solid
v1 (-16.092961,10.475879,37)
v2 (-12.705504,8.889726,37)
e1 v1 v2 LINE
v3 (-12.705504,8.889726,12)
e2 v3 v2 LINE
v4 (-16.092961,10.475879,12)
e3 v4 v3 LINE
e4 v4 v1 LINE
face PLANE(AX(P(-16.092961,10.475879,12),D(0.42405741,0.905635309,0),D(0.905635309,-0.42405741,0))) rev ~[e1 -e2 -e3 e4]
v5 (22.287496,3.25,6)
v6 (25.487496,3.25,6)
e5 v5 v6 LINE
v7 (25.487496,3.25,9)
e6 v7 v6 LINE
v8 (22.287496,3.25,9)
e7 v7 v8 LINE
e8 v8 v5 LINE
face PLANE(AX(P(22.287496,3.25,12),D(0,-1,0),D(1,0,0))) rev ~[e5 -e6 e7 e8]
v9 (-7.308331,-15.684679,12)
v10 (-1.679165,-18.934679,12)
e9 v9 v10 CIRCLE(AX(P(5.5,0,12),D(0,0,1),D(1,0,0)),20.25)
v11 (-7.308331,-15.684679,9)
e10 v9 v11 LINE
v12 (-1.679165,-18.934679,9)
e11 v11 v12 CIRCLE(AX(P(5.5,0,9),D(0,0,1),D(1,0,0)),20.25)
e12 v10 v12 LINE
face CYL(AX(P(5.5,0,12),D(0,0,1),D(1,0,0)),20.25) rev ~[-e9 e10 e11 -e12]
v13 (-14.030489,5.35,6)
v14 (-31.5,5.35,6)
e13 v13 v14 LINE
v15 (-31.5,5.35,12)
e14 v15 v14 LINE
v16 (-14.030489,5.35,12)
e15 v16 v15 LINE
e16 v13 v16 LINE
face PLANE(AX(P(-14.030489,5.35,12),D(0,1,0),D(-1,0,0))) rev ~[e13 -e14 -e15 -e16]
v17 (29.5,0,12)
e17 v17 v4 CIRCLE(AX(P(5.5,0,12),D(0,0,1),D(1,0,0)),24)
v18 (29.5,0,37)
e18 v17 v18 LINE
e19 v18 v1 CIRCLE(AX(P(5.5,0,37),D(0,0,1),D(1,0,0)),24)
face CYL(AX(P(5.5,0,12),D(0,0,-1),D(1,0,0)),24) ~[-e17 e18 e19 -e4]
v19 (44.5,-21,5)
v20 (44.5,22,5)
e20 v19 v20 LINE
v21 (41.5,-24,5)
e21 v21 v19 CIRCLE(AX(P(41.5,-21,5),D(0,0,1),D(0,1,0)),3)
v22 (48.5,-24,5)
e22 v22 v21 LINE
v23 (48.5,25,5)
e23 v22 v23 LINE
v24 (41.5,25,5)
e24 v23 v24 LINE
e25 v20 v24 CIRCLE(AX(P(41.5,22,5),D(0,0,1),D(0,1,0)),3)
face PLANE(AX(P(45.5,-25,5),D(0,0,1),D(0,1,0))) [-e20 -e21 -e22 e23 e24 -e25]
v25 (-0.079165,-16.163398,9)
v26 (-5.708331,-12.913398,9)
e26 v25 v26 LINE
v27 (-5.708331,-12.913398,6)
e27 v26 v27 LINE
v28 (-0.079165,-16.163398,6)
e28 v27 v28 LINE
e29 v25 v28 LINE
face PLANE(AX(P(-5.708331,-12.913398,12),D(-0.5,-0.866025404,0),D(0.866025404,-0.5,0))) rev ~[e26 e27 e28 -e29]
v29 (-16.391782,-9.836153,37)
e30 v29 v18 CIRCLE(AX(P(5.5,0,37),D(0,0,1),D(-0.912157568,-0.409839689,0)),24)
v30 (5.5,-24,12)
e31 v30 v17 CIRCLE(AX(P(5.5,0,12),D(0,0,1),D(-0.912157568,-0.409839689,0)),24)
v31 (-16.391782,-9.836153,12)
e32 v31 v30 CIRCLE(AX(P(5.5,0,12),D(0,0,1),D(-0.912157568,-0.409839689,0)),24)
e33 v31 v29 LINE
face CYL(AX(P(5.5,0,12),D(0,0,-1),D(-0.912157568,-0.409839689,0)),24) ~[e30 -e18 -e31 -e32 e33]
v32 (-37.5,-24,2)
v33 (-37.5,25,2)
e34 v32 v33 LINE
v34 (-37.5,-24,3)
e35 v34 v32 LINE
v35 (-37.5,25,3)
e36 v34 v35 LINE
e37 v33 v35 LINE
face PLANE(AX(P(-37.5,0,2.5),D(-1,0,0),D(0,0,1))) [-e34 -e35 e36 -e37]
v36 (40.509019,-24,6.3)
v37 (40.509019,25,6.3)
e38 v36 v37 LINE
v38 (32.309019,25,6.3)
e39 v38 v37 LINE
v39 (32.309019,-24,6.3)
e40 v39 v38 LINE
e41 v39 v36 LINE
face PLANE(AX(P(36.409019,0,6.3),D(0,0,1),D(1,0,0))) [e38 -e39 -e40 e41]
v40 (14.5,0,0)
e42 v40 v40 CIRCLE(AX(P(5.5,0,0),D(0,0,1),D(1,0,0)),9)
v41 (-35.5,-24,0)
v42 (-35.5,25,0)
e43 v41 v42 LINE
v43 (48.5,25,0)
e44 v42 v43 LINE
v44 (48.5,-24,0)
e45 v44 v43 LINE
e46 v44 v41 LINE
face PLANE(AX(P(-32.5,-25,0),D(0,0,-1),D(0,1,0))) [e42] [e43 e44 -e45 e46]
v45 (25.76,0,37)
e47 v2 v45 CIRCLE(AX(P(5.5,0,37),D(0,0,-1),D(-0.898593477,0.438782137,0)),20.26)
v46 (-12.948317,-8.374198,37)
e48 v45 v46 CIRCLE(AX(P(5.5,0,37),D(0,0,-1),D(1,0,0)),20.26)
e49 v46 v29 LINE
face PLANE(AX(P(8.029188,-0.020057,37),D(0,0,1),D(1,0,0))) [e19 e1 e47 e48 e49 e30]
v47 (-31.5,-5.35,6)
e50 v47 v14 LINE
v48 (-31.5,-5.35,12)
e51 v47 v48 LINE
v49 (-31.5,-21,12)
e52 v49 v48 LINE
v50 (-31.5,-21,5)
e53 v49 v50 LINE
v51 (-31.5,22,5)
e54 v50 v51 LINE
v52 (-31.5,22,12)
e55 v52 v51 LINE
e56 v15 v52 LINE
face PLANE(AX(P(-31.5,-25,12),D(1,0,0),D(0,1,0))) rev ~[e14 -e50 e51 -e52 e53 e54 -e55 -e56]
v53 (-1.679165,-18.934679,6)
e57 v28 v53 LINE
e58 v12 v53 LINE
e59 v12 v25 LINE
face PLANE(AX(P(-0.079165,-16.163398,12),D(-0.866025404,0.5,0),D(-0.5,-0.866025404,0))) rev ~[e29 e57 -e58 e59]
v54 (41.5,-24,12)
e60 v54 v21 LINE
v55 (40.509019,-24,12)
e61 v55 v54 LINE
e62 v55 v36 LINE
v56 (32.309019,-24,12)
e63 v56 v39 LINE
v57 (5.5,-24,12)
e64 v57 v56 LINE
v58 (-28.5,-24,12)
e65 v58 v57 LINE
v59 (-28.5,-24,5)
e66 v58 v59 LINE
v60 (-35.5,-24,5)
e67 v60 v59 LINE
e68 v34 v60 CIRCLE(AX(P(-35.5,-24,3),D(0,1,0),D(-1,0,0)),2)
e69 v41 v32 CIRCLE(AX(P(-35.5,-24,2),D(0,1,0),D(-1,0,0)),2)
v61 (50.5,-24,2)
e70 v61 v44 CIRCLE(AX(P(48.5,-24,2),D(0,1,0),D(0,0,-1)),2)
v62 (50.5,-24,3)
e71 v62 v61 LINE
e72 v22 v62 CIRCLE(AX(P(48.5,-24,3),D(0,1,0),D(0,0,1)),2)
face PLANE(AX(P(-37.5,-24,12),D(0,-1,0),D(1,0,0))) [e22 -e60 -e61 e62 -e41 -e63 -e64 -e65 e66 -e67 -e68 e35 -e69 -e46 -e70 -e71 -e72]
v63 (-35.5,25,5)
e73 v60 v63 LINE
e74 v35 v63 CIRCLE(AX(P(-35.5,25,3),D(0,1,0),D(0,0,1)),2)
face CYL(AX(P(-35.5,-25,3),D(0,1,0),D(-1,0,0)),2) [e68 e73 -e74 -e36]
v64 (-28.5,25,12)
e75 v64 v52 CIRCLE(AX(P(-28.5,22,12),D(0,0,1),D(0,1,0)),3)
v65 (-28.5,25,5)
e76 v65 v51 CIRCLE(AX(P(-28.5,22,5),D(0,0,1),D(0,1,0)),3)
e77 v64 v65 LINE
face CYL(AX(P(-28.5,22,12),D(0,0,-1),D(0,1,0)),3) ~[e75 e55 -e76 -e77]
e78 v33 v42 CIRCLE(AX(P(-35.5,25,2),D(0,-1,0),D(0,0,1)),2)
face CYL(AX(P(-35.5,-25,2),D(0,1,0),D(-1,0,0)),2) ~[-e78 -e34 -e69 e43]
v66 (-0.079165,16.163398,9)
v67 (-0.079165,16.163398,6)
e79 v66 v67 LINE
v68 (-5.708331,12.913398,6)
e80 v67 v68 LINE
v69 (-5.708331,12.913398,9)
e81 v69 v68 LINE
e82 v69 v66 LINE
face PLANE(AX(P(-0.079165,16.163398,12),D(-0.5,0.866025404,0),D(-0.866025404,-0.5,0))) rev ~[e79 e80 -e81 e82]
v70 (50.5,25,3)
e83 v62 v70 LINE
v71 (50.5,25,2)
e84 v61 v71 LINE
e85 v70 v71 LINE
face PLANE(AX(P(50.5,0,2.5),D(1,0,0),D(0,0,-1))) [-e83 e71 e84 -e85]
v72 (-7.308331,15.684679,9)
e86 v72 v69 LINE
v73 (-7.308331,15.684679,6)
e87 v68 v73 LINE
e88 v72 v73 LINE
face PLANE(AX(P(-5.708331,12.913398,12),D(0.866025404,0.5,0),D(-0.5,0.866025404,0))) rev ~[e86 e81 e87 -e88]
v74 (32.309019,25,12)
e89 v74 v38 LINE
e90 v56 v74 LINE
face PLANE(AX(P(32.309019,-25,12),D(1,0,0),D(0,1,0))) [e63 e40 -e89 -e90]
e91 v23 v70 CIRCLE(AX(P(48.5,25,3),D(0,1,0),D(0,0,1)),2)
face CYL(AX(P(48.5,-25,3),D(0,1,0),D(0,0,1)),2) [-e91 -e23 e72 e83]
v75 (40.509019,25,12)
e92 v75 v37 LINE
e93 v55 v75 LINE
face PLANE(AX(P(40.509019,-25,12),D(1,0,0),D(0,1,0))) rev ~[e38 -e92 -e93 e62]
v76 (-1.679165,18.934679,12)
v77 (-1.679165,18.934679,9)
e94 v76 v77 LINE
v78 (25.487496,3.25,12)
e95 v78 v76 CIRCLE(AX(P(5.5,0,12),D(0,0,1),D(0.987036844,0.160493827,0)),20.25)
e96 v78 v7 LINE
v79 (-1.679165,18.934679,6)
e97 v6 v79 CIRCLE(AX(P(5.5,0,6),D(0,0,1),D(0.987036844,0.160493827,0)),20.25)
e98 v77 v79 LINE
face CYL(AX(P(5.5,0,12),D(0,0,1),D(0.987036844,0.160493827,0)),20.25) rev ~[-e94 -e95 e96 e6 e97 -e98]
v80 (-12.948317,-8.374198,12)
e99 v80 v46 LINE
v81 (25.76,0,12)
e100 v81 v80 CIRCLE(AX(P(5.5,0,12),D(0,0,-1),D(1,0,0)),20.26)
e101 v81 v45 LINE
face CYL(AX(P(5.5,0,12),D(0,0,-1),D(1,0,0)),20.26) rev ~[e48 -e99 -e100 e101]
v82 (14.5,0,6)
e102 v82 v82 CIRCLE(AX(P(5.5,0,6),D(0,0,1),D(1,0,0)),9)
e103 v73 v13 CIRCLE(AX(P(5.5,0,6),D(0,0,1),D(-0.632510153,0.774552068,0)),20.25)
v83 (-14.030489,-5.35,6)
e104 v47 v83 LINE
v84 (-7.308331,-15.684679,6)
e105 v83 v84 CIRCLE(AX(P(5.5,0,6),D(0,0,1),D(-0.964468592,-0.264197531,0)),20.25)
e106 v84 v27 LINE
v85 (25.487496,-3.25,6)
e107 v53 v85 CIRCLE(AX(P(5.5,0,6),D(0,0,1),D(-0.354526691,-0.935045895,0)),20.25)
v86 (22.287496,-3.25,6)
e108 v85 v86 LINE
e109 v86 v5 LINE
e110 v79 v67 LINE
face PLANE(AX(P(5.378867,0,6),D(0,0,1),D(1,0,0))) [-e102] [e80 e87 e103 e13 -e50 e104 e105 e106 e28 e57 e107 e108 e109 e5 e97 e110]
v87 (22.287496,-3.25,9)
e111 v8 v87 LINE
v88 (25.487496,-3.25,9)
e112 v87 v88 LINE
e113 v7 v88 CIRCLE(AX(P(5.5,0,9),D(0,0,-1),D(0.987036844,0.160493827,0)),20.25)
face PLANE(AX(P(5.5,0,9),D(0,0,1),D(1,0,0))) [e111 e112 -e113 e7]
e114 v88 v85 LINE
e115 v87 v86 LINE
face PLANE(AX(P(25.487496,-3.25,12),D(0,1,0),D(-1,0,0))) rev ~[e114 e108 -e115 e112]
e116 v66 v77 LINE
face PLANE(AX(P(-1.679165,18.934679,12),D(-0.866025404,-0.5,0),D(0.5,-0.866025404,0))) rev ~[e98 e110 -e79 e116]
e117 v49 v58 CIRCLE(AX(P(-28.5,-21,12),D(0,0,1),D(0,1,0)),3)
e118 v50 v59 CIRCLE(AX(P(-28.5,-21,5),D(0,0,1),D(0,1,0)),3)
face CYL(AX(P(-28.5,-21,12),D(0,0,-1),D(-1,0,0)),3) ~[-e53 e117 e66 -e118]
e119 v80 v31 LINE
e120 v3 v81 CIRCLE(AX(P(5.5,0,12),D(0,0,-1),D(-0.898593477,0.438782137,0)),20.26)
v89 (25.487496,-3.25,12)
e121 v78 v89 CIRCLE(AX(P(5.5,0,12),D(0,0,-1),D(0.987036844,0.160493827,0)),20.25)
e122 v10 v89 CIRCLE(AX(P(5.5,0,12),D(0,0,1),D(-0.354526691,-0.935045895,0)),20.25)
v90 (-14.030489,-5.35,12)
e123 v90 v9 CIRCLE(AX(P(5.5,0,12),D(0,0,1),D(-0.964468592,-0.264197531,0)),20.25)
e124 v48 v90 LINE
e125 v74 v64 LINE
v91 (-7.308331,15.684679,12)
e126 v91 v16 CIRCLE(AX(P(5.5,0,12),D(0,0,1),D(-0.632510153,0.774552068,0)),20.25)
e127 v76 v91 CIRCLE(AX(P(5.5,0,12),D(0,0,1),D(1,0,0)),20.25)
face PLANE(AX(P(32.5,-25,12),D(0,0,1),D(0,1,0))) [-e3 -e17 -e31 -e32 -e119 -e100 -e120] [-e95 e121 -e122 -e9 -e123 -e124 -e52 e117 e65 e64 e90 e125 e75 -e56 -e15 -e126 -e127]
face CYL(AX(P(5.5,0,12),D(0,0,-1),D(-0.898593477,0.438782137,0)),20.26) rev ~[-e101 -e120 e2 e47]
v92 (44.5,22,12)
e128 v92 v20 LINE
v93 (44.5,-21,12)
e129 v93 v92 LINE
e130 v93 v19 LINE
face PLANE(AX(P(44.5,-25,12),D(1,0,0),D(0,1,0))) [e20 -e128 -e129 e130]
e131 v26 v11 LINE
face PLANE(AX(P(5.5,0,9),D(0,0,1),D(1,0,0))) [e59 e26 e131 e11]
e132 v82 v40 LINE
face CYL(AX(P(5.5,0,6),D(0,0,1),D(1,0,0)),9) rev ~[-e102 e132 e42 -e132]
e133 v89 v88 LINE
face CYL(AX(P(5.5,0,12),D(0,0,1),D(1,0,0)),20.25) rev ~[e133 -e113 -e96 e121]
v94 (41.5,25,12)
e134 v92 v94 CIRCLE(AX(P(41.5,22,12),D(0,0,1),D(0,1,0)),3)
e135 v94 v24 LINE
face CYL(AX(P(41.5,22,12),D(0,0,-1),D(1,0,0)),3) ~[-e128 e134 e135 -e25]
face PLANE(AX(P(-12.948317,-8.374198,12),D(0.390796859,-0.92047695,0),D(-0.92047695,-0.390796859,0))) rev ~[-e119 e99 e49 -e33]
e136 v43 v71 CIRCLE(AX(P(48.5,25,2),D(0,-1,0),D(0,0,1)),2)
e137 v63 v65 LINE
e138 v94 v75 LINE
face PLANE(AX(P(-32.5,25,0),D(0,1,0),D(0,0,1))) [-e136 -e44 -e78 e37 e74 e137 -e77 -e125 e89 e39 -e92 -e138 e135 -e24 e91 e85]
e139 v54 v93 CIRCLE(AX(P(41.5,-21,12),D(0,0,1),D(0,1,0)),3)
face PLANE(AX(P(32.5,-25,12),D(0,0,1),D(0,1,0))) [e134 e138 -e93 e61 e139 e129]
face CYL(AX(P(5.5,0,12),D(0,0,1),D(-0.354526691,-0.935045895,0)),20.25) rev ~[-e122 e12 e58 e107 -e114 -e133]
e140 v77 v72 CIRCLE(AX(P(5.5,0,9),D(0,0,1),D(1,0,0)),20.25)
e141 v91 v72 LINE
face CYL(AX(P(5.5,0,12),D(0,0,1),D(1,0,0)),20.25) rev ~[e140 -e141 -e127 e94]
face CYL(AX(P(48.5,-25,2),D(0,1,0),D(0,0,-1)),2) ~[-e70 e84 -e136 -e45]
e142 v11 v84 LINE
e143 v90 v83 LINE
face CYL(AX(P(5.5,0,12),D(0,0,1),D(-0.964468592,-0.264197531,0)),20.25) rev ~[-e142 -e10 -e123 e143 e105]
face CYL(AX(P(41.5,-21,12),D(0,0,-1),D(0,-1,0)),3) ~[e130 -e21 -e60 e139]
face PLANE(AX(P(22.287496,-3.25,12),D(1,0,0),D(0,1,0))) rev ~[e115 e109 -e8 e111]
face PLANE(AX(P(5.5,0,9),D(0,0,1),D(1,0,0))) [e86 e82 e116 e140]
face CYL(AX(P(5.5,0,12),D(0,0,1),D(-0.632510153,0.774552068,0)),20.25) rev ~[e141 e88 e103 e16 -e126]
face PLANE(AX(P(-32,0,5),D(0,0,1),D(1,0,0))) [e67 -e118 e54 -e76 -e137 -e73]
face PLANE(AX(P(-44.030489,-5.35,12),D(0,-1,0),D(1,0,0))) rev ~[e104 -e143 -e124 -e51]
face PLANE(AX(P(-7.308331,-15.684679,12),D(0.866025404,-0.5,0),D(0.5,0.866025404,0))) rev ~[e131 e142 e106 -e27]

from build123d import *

# Parameters (mm, degrees)
SKETCH1_W           = 65
SKETCH1_H           = 50
BOSS_EXTRUDE1_DEPTH = 12
CUT_EXTRUDE1_DEPTH  = 6
SKETCH3_R           = 9
CUT_EXTRUDE2_DEPTH  = 7
SKETCH4_R           = 20.25
CUT_EXTRUDE3_DEPTH  = 3
SKETCH5_W           = 12
SKETCH5_H           = 50
BOSS_EXTRUDE2_DEPTH = 13
SKETCH6_W           = 8.2
SKETCH6_H           = 50
CUT_EXTRUDE4_DEPTH  = 5.7
SKETCH7_W           = 5
SKETCH7_H           = 50
BOSS_EXTRUDE3_DEPTH = 5
SKETCH8_W           = 5
SKETCH8_H           = 50
BOSS_EXTRUDE4_DEPTH = 5
FILLET1_R           = 2
FILLET2_R           = 2
BOSS_EXTRUDE6_DEPTH = 25
FILLET3_R           = 2
FILLET4_R           = 2
SKETCH10_W          = 1
SKETCH10_H          = 50
CUT_EXTRUDE5_DEPTH  = 7
SKETCH11_W          = 88
SKETCH11_H          = 1
CUT_EXTRUDE6_DEPTH  = 13
FILLET5_R           = 3
FILLET6_R           = 3
FILLET7_R           = 3
FILLET8_R           = 3


with BuildPart() as part:
    # Sketch1 → Boss-Extrude1 (new body)
    with BuildSketch(Plane.XY):
        Rectangle(SKETCH1_W, SKETCH1_H)
    extrude(amount=BOSS_EXTRUDE1_DEPTH)

    # Sketch2 → Cut-Extrude1 (cut)
    with BuildSketch(Plane.XY.offset(12)):
        with BuildLine():
            Line((-0.079165483, -16.163398081), (-1.679165483, -18.934679373))
            ThreePointArc((-1.679165483, -18.934679373), (15.625, -17.537014427), (25.487496091, -3.25))
            Line((25.487496091, -3.25), (22.287496091, -3.25))
            Line((22.287496091, -3.25), (22.287496091, 3.25))
            Line((22.287496091, 3.25), (25.487496091, 3.25))
            ThreePointArc((25.487496091, 3.25), (15.625, 17.537014427), (-1.679165483, 18.934679373))
            Line((-1.679165483, 18.934679373), (-0.079165483, 16.163398081))
            Line((-0.079165483, 16.163398081), (-5.708330608, 12.913398081))
            Line((-5.708330608, 12.913398081), (-7.308330608, 15.684679373))
            ThreePointArc((-7.308330608, 15.684679373), (-11.475017308, 11.041344456), (-14.030488985, 5.35))
            Line((-14.030488985, 5.35), (-14.030488985, -5.35))
            ThreePointArc((-14.030488985, -5.35), (-11.475017308, -11.041344456), (-7.308330608, -15.684679373))
            Line((-7.308330608, -15.684679373), (-5.708330608, -12.913398081))
            Line((-5.708330608, -12.913398081), (-0.079165483, -16.163398081))
        make_face()
        with BuildLine():
            Line((-44.030488985, -5.35), (-14.030488985, -5.35))
            ThreePointArc((-14.030488985, -5.35), (-14.75, 0), (-14.030488985, 5.35))
            Line((-14.030488985, 5.35), (-44.030488985, 5.35))
            Line((-44.030488985, 5.35), (-44.030488985, -5.35))
        make_face()
        with BuildLine():
            ThreePointArc((-14.030488985, 5.35), (-14.75, 0), (-14.030488985, -5.35))
            Line((-14.030488985, -5.35), (-14.030488985, 5.35))
        make_face()
    extrude(amount=-CUT_EXTRUDE1_DEPTH, mode=Mode.SUBTRACT)

    # Sketch3 → Cut-Extrude2 (cut, through all)
    with BuildSketch(Plane.XY.offset(6)):
        with Locations((5.5, 0)):
            Circle(SKETCH3_R)
    extrude(amount=-CUT_EXTRUDE2_DEPTH, mode=Mode.SUBTRACT)

    # Sketch4 → Cut-Extrude3 (cut)
    with BuildSketch(Plane.XY.offset(12)):
        with Locations((5.5, 0)):
            Circle(SKETCH4_R)
    extrude(amount=-CUT_EXTRUDE3_DEPTH, mode=Mode.SUBTRACT)

    # Sketch5 → Boss-Extrude2 (add)
    with BuildSketch(Plane(origin=(32.5, 0, 0), x_dir=(0, 0, -1), z_dir=(1, 0, 0))):
        with Locations((-6, 0)):
            Rectangle(SKETCH5_W, SKETCH5_H)
    extrude(amount=BOSS_EXTRUDE2_DEPTH)

    # Sketch6 → Cut-Extrude4 (cut)
    with BuildSketch(Plane.XY.offset(12)):
        with Locations((36.409019421, 0)):
            Rectangle(SKETCH6_W, SKETCH6_H)
    extrude(amount=-CUT_EXTRUDE4_DEPTH, mode=Mode.SUBTRACT)

    # Sketch7 → Boss-Extrude3 (add)
    with BuildSketch(Plane(origin=(45.5, 0, 0), x_dir=(0, 0, -1), z_dir=(1, 0, 0))):
        with Locations((-2.5, 0)):
            Rectangle(SKETCH7_W, SKETCH7_H)
    extrude(amount=BOSS_EXTRUDE3_DEPTH)

    # Sketch8 → Boss-Extrude4 (add)
    with BuildSketch(Plane.ZY.offset(32.5)):
        with Locations((2.5, 0)):
            Rectangle(SKETCH8_W, SKETCH8_H)
    extrude(amount=BOSS_EXTRUDE4_DEPTH)

    # Fillet1
    fillet1_edges = [part.edges().sort_by_distance(p)[0] for p in [
        (50.5, 0, 5),
    ]]
    fillet(fillet1_edges, radius=FILLET1_R)

    # Fillet2
    fillet2_edges = [part.edges().sort_by_distance(p)[0] for p in [
        (-37.5, 0, 5),
    ]]
    fillet(fillet2_edges, radius=FILLET2_R)

    # Sketch9 → Boss-Extrude6 (add)
    with BuildSketch(Plane.XY.offset(12)):
        with BuildLine():
            Line((-16.092960793, 10.475879161), (-12.705503837, 8.889726094))
            ThreePointArc((-12.705503837, 8.889726094), (10.062022154, 19.739694878), (25.76, 0))
            ThreePointArc((25.76, 0), (9.783964079, -19.801900206), (-12.948317056, -8.374198339))
            Line((-12.948317056, -8.374198339), (-16.391781636, -9.83615254))
            ThreePointArc((-16.391781636, -9.83615254), (10.529773391, -23.467027499), (29.5, 0))
            ThreePointArc((29.5, 0), (10.874427457, 23.390500839), (-16.092960793, 10.475879161))
        make_face()
    extrude(amount=BOSS_EXTRUDE6_DEPTH)

    # Fillet3
    fillet3_edges = [part.edges().sort_by_distance(p)[0] for p in [
        (-37.5, 0, 0),
    ]]
    fillet(fillet3_edges, radius=FILLET3_R)

    # Fillet4
    fillet4_edges = [part.edges().sort_by_distance(p)[0] for p in [
        (50.5, 0, 0),
    ]]
    fillet(fillet4_edges, radius=FILLET4_R)

    # Sketch10 → Cut-Extrude5 (cut)
    with BuildSketch(Plane.XY.offset(12)):
        with Locations((45, 0)):
            Rectangle(SKETCH10_W, SKETCH10_H)
        with Locations((-32, 0)):
            Rectangle(SKETCH10_W, SKETCH10_H)
    extrude(amount=-CUT_EXTRUDE5_DEPTH, mode=Mode.SUBTRACT)

    # Sketch11 → Cut-Extrude6 (cut, through all)
    with BuildSketch(Plane.XY.offset(12)):
        with Locations((6.5, -24.5)):
            Rectangle(SKETCH11_W, SKETCH11_H)
    extrude(amount=-CUT_EXTRUDE6_DEPTH, mode=Mode.SUBTRACT)

    # Fillet5
    fillet5_edges = [part.edges().sort_by_distance(p)[0] for p in [
        (44.5, -24, 8.5),
    ]]
    fillet(fillet5_edges, radius=FILLET5_R)

    # Fillet6
    fillet6_edges = [part.edges().sort_by_distance(p)[0] for p in [
        (44.5, 25, 8.5),
    ]]
    fillet(fillet6_edges, radius=FILLET6_R)

    # Fillet7
    fillet7_edges = [part.edges().sort_by_distance(p)[0] for p in [
        (-31.5, 25, 8.5),
    ]]
    fillet(fillet7_edges, radius=FILLET7_R)

    # Fillet8
    fillet8_edges = [part.edges().sort_by_distance(p)[0] for p in [
        (-31.5, -24, 8.5),
    ]]
    fillet(fillet8_edges, radius=FILLET8_R)


solid = part.part
